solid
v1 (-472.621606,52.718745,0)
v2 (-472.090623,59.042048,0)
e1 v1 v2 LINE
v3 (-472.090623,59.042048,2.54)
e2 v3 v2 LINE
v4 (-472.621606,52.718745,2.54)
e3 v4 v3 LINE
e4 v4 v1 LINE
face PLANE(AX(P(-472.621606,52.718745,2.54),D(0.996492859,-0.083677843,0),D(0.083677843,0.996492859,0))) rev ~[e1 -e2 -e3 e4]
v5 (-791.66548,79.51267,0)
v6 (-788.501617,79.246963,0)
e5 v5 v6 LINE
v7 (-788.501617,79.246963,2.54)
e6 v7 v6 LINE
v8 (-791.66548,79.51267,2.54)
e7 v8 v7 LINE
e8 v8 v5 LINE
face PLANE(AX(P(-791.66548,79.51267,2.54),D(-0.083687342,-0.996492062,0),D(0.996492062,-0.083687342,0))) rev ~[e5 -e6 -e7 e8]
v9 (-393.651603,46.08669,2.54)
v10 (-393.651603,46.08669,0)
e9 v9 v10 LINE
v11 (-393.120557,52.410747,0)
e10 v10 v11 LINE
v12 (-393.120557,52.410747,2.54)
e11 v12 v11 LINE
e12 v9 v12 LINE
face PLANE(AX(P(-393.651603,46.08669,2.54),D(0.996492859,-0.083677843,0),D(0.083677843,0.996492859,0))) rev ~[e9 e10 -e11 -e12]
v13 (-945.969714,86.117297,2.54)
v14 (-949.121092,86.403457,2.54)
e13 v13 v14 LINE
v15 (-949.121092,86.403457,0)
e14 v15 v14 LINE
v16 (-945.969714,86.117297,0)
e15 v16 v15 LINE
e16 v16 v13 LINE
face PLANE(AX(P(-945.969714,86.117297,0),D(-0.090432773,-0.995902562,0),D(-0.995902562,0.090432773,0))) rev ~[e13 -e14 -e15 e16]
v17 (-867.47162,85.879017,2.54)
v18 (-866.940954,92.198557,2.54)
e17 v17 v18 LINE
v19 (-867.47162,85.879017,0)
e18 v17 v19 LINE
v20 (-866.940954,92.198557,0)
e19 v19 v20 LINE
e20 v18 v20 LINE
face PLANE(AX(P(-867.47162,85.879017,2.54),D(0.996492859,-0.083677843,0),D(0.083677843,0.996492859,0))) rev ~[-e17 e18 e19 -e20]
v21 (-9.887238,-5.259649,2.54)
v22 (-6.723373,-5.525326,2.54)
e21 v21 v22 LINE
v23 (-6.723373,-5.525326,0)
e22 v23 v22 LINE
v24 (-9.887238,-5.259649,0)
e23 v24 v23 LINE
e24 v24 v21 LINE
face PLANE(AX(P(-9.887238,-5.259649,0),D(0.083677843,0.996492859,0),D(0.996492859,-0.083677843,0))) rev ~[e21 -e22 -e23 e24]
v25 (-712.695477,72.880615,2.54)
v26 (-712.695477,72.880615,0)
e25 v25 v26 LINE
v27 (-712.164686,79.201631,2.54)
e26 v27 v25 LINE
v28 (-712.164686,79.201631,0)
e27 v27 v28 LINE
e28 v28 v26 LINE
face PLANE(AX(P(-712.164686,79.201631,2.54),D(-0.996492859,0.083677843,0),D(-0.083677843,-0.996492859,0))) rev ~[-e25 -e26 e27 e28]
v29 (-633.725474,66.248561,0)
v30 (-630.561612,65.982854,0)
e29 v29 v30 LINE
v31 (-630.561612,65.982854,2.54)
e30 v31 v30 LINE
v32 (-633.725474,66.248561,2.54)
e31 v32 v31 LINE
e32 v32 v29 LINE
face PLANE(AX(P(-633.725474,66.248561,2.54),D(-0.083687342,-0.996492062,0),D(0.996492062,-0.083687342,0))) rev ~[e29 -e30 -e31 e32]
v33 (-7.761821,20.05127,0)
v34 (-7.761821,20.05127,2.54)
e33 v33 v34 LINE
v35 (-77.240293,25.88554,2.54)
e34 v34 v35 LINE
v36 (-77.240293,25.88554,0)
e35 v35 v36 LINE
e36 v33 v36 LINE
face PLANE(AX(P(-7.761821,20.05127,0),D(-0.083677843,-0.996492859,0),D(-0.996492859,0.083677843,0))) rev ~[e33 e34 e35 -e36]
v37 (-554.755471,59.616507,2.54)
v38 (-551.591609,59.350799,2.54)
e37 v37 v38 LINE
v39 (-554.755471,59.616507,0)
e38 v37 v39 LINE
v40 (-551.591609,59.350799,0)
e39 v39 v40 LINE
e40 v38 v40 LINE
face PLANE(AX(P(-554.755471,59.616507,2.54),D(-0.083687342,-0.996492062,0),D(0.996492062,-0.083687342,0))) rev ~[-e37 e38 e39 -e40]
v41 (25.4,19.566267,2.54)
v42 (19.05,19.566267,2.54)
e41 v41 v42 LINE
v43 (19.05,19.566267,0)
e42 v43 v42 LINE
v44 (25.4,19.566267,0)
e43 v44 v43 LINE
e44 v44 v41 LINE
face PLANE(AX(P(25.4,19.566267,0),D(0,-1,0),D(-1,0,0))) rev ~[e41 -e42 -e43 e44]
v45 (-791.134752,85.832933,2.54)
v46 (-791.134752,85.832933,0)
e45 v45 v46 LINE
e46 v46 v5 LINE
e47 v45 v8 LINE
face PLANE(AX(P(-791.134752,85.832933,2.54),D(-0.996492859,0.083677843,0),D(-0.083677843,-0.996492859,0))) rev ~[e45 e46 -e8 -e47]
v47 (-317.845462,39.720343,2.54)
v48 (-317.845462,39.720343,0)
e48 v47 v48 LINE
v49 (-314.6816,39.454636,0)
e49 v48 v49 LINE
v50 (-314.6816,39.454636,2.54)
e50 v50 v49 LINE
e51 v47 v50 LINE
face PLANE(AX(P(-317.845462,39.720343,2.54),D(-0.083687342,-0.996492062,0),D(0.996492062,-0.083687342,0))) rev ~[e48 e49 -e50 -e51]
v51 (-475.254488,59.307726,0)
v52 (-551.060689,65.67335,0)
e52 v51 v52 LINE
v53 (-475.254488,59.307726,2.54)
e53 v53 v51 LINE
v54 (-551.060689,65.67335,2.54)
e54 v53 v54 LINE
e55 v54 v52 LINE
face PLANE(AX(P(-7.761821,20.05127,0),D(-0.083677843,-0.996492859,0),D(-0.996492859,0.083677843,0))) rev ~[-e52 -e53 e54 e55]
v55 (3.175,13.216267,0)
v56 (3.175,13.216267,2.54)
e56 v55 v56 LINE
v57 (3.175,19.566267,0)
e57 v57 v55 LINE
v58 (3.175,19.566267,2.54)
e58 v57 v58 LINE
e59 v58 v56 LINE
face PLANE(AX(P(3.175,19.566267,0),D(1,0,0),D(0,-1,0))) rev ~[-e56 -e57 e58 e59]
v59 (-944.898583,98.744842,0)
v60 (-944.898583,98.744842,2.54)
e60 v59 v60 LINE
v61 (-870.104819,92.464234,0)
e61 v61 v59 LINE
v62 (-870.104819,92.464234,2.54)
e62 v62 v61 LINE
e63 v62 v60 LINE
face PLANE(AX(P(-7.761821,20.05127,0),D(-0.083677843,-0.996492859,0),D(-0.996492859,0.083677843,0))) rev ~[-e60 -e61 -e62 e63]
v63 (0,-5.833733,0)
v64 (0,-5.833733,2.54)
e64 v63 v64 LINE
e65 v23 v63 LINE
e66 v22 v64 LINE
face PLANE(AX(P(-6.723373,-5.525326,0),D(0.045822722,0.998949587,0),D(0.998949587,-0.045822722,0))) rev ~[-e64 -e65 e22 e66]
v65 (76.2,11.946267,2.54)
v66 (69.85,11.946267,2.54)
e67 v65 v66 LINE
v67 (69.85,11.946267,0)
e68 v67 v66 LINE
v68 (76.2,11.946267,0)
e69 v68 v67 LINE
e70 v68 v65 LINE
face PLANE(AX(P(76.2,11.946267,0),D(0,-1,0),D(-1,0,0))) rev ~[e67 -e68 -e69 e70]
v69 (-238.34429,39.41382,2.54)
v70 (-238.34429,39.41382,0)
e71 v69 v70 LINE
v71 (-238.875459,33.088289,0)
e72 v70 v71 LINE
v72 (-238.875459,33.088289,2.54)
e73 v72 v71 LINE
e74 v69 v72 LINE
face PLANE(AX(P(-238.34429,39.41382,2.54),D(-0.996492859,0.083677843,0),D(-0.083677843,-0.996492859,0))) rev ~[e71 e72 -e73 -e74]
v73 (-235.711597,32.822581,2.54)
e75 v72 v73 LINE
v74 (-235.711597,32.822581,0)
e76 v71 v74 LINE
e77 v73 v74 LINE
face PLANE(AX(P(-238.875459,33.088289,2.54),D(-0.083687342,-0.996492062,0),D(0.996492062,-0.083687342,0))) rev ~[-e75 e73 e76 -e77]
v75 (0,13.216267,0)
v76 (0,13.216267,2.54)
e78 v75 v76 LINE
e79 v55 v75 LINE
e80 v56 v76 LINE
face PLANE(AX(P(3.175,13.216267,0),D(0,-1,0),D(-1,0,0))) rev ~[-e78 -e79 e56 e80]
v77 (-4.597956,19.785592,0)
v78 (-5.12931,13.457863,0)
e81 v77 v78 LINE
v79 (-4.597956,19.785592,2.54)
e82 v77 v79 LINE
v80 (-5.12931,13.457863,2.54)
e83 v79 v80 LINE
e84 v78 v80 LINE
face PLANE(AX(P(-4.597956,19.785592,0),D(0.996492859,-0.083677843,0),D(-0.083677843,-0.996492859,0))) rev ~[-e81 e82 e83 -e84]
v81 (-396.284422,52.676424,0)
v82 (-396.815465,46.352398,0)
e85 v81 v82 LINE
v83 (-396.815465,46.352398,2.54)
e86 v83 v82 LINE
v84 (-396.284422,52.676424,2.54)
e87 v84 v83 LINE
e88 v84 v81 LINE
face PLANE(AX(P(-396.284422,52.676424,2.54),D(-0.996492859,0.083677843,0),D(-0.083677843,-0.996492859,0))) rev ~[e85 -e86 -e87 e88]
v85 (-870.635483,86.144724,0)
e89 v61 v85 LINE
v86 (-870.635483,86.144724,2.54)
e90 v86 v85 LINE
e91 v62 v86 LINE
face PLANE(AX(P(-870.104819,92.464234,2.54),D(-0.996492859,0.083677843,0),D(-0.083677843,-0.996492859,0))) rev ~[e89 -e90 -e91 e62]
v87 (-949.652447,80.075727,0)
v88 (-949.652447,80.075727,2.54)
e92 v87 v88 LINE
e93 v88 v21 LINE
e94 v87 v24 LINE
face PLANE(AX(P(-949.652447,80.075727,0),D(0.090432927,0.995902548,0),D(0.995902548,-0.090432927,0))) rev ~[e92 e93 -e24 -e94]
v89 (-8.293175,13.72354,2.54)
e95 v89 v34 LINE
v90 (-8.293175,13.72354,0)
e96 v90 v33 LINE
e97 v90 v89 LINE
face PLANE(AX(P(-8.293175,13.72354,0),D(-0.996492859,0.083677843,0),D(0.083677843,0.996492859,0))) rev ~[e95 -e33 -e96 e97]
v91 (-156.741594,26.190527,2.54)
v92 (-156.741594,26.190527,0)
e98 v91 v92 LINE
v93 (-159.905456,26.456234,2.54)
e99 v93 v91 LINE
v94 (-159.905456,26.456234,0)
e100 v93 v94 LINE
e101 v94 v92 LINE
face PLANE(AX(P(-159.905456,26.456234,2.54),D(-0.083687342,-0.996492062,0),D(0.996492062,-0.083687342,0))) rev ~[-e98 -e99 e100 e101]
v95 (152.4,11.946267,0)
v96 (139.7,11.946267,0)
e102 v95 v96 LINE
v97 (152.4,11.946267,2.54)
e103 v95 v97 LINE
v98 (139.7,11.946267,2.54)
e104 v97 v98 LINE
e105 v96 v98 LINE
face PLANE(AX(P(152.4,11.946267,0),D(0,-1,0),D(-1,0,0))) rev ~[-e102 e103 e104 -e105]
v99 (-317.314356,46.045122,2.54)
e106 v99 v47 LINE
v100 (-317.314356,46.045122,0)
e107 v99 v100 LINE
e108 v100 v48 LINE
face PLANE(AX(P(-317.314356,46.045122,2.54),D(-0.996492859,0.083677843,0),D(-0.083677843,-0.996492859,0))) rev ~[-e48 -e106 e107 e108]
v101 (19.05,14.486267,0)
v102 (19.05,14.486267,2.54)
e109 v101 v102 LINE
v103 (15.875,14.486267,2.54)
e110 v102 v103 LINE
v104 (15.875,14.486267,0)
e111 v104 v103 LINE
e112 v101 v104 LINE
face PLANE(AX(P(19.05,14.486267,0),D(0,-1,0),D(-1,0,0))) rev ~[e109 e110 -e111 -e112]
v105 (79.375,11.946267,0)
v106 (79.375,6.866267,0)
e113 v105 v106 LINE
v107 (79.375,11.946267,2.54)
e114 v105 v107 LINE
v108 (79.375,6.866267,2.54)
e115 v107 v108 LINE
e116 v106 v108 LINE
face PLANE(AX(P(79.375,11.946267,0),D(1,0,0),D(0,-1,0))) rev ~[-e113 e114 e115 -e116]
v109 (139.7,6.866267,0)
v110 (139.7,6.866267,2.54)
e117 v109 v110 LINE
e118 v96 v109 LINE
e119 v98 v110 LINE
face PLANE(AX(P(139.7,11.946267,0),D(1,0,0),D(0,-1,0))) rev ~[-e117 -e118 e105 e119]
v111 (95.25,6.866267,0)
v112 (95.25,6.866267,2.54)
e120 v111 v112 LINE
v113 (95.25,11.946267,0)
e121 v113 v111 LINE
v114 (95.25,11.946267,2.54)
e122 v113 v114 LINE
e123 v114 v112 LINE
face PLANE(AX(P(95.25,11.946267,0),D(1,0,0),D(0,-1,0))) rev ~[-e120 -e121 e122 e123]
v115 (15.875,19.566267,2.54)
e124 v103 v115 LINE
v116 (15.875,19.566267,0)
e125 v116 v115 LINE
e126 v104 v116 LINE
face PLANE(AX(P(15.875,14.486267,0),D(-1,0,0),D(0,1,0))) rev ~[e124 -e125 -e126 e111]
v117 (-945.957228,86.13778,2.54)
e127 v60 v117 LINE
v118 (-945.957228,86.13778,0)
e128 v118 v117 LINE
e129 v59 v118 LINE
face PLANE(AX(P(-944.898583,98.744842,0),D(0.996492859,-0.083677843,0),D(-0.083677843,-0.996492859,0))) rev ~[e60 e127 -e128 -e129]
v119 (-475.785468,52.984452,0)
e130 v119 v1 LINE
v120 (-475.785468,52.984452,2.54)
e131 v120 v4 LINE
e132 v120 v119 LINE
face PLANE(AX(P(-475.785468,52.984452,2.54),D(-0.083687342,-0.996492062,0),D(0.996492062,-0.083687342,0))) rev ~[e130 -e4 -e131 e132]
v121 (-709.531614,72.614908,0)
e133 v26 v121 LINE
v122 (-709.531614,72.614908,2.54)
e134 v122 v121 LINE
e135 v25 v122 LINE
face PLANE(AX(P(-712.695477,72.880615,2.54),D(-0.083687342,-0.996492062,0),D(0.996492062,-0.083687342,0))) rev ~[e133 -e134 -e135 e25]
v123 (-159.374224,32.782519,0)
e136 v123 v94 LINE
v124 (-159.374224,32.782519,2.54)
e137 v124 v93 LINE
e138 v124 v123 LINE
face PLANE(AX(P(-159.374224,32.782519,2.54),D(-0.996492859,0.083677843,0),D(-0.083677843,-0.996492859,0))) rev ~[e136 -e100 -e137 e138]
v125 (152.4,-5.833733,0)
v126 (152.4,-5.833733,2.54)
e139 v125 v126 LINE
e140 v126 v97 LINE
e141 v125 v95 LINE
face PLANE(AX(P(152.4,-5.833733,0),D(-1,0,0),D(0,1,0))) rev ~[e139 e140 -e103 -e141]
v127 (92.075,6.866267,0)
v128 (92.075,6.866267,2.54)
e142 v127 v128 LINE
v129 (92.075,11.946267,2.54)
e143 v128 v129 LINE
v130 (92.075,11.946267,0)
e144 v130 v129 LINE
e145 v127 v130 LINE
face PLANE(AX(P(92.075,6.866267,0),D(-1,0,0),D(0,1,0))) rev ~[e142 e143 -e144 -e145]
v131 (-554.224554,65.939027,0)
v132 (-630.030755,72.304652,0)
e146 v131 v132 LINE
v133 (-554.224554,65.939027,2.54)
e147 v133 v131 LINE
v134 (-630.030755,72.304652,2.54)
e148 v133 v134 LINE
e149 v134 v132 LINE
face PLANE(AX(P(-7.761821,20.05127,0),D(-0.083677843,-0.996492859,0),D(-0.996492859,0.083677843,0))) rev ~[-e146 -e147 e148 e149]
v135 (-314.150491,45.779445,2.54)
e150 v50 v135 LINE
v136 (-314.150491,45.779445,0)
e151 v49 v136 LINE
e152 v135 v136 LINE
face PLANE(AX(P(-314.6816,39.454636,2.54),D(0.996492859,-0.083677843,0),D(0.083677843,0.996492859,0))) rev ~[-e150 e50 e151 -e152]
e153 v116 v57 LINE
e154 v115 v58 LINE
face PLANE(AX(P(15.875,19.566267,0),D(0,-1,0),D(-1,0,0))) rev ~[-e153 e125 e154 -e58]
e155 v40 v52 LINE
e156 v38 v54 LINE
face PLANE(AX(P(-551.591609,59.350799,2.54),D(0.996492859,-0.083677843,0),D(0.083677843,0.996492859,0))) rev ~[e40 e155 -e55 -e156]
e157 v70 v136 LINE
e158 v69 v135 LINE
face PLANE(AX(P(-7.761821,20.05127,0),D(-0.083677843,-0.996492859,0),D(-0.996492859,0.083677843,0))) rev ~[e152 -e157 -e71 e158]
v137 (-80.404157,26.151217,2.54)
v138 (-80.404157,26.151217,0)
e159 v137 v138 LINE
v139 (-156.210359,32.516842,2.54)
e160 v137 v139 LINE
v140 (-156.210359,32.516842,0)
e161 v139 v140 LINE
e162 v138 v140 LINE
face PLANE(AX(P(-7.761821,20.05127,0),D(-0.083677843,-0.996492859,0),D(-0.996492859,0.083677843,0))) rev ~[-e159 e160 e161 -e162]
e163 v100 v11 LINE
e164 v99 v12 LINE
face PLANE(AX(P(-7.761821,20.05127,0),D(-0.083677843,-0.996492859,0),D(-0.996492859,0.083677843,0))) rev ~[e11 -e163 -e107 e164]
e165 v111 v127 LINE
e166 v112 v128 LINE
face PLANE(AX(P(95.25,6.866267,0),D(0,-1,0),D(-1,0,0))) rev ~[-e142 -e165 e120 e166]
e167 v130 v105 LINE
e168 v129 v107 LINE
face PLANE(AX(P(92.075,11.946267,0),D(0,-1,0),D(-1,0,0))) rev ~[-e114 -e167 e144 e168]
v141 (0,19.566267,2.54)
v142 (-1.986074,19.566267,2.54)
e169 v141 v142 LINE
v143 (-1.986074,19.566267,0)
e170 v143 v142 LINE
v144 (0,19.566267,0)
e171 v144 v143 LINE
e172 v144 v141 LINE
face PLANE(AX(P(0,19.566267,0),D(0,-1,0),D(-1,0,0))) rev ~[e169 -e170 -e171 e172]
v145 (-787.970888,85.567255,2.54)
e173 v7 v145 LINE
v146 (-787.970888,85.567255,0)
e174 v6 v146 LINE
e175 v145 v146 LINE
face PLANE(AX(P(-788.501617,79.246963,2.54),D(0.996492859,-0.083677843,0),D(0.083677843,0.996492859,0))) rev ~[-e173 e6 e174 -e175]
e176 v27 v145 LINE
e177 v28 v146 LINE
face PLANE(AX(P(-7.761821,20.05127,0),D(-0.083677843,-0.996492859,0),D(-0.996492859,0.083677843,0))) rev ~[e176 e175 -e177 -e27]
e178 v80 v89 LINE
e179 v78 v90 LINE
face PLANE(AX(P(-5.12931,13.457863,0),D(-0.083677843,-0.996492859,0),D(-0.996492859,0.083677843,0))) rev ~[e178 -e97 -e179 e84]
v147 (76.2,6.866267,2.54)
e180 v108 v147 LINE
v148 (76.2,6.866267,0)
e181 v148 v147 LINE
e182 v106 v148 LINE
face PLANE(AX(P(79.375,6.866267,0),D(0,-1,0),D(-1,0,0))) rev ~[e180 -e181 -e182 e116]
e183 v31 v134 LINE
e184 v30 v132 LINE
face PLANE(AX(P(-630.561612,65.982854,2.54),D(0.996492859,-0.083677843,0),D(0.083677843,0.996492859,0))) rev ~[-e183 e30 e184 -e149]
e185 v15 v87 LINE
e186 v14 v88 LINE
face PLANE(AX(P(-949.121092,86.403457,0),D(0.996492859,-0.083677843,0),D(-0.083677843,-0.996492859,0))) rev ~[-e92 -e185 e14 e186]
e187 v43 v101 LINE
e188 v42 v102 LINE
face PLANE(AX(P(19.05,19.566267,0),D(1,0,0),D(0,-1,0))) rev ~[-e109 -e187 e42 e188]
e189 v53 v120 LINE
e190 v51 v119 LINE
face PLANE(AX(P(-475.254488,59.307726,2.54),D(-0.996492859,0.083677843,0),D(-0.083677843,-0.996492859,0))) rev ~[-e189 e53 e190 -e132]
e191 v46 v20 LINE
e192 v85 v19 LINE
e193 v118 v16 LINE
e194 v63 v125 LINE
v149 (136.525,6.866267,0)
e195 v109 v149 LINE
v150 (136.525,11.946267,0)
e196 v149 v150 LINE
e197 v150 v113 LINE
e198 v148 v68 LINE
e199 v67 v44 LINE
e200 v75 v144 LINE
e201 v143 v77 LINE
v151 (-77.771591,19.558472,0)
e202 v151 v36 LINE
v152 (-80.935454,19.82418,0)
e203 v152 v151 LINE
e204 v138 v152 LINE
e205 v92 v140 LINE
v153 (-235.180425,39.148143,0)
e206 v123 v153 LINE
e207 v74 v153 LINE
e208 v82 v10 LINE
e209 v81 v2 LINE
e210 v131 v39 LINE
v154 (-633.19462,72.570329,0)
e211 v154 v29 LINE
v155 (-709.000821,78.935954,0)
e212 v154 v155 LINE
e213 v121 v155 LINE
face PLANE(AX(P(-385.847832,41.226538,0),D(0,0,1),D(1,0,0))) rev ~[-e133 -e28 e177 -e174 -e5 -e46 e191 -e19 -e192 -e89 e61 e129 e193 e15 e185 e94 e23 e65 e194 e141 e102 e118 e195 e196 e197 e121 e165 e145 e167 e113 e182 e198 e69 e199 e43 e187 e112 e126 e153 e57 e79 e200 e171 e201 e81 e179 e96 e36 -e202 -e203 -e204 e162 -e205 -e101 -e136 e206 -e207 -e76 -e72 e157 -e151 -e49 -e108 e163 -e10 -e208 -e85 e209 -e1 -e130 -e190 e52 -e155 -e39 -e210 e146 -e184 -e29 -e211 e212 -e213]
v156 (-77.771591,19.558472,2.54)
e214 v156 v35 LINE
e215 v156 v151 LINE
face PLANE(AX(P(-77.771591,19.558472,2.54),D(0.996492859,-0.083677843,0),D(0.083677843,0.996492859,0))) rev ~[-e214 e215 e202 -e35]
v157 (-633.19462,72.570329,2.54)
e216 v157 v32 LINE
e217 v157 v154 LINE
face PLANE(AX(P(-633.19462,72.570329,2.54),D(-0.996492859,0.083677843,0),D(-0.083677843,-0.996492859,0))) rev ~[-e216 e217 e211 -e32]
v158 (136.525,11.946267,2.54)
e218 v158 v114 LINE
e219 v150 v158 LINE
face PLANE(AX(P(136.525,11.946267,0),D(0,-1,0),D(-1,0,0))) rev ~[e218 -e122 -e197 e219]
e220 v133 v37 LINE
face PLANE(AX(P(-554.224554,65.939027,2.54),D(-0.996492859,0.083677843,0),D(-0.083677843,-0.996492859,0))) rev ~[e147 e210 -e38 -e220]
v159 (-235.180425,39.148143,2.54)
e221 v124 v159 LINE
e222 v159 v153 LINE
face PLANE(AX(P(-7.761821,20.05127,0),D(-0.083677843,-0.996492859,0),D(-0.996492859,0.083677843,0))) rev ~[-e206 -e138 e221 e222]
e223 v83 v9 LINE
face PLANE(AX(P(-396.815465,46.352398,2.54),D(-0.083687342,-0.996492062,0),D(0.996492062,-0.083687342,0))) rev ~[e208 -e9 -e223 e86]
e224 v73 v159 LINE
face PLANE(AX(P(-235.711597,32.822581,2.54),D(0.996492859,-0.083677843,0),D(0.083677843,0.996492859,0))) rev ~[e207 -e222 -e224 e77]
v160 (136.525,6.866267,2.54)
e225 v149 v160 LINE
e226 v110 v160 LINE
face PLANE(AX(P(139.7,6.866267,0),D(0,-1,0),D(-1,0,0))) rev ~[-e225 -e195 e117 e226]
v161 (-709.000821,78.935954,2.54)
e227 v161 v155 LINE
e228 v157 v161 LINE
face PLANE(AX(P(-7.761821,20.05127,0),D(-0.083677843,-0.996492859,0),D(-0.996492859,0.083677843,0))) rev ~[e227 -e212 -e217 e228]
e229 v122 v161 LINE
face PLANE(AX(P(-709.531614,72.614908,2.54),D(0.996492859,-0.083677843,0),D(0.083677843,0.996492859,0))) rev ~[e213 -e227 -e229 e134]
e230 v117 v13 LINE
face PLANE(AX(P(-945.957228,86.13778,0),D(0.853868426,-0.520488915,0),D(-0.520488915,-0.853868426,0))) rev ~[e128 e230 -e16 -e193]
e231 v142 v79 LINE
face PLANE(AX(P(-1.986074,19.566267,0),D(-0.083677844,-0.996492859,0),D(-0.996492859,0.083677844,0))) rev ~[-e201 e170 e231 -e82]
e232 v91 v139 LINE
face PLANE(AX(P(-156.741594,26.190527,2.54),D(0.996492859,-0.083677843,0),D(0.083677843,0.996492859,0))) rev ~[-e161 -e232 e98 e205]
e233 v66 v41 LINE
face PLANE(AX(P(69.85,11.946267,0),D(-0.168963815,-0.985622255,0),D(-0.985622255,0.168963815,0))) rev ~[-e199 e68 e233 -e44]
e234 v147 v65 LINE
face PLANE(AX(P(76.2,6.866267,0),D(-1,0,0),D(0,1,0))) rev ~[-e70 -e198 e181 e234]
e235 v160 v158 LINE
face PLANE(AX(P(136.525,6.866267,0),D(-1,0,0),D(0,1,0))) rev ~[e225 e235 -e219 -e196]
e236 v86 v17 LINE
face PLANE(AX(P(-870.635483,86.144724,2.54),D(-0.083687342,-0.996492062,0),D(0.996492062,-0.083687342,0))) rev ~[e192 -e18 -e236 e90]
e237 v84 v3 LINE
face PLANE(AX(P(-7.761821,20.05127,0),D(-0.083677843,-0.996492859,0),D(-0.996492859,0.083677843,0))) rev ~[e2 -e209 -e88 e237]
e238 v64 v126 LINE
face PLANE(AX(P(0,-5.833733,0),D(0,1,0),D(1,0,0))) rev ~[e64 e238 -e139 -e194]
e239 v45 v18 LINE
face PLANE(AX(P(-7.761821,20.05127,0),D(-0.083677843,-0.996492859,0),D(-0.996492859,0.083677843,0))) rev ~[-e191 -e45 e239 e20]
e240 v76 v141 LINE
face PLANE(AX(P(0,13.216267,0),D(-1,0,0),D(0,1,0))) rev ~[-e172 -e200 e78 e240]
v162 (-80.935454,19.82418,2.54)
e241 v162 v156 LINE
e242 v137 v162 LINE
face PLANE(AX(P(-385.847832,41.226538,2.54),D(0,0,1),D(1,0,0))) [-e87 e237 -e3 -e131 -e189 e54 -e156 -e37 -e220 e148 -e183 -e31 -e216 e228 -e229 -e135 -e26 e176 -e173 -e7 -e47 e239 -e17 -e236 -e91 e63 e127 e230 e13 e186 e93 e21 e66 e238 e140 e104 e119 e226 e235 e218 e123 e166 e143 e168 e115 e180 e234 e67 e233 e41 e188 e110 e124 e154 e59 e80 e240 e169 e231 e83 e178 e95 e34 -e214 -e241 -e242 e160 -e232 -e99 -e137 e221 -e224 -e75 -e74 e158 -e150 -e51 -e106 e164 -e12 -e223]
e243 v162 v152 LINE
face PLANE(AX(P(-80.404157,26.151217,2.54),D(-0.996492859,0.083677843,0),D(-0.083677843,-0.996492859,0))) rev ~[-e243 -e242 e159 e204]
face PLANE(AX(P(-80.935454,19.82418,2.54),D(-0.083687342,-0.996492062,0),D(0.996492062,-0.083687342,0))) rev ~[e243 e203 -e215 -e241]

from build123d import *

# Parameters (mm, degrees)
BOSS_EXTRUDE1_DEPTH     = 2.54
CUT_EXTRUDE1_DEPTH      = 1
CUT_EXTRUDE1_DEPTH_BACK = 3.54


with BuildPart() as part:
    # Sketch1 → Boss-Extrude1 (new body)
    with BuildSketch(Plane.XY):
        Polygon((-945.957227657, 86.137779906), (-945.969713578, 86.1172966), (-949.121092485, 86.403457059), (-949.65244679, 80.075727402), (-9.887238192, -5.25964904), (-6.723373364, -5.525326193), (0, -5.833733414), (152.4, -5.833733414), (152.4, 11.946266586), (139.7, 11.946266586), (139.7, 6.866266586), (136.525, 6.866266586), (136.525, 11.946266586), (95.25, 11.946266586), (95.25, 6.866266586), (92.075, 6.866266586), (92.075, 11.946266586), (79.375, 11.946266586), (79.375, 6.866266586), (76.2, 6.866266586), (76.2, 11.946266586), (69.85, 11.946266586), (25.4, 19.566266586), (19.05, 19.566266586), (19.05, 14.486266586), (15.875, 14.486266586), (15.875, 19.566266586), (3.175, 19.566266586), (3.175, 13.216266586), (0, 13.216266586), (0, 19.566266586), (-1.98607431, 19.566266586), (-4.597956143, 19.785592432), (-5.129310448, 13.457862776), (-8.293175277, 13.723539928), (-7.761820971, 20.051269584), (-944.89858306, 98.744842179), align=None)
    extrude(amount=BOSS_EXTRUDE1_DEPTH)

    # Sketch2 → Cut-Extrude1 (cut, two sides)
    with BuildSketch(Plane.XY.offset(2.54)) as cut_extrude1_sk:
        Polygon((-77.240292597, 25.885539855), (-80.404157425, 26.151217008), (-80.935453586, 19.824179771), (-77.77159129, 19.55847246), align=None)
        Polygon((-156.741594191, 26.190526923), (-156.210358707, 32.516841584), (-159.374223535, 32.782518736), (-159.905456487, 26.456234233), align=None)
        Polygon((-235.711597092, 32.822581386), (-235.180424816, 39.148143312), (-238.344289645, 39.413820465), (-238.875459388, 33.088288696), align=None)
        Polygon((-314.681599993, 39.454635849), (-314.150490926, 45.77944504), (-317.314355754, 46.045122193), (-317.845462289, 39.720343159), align=None)
        Polygon((-393.651602894, 46.086690311), (-393.120557036, 52.410746769), (-396.284421864, 52.676423921), (-396.81546519, 46.352397622), align=None)
        Polygon((-472.621605795, 52.718744774), (-472.090623146, 59.042048497), (-475.254487974, 59.30772565), (-475.785468091, 52.984452084), align=None)
        Polygon((-551.591608696, 59.350799237), (-551.060689256, 65.673350226), (-554.224554084, 65.939027378), (-554.755470992, 59.616506547), align=None)
        Polygon((-630.561611597, 65.9828537), (-630.030755365, 72.304651954), (-633.194620194, 72.570329107), (-633.725473893, 66.24856101), align=None)
        Polygon((-709.531614498, 72.614908162), (-709.000821475, 78.935953682), (-712.164686303, 79.201630835), (-712.695476794, 72.880615473), align=None)
        Polygon((-788.501617399, 79.246962625), (-787.970887585, 85.567255411), (-791.134752413, 85.832932563), (-791.665479694, 79.512669935), align=None)
        Polygon((-867.4716203, 85.879017088), (-866.940953695, 92.198557139), (-870.104818523, 92.464234292), (-870.635482595, 86.144724398), align=None)
    extrude(amount=CUT_EXTRUDE1_DEPTH, mode=Mode.SUBTRACT)
    extrude(cut_extrude1_sk.sketch, amount=-CUT_EXTRUDE1_DEPTH_BACK, mode=Mode.SUBTRACT)


solid = part.part
